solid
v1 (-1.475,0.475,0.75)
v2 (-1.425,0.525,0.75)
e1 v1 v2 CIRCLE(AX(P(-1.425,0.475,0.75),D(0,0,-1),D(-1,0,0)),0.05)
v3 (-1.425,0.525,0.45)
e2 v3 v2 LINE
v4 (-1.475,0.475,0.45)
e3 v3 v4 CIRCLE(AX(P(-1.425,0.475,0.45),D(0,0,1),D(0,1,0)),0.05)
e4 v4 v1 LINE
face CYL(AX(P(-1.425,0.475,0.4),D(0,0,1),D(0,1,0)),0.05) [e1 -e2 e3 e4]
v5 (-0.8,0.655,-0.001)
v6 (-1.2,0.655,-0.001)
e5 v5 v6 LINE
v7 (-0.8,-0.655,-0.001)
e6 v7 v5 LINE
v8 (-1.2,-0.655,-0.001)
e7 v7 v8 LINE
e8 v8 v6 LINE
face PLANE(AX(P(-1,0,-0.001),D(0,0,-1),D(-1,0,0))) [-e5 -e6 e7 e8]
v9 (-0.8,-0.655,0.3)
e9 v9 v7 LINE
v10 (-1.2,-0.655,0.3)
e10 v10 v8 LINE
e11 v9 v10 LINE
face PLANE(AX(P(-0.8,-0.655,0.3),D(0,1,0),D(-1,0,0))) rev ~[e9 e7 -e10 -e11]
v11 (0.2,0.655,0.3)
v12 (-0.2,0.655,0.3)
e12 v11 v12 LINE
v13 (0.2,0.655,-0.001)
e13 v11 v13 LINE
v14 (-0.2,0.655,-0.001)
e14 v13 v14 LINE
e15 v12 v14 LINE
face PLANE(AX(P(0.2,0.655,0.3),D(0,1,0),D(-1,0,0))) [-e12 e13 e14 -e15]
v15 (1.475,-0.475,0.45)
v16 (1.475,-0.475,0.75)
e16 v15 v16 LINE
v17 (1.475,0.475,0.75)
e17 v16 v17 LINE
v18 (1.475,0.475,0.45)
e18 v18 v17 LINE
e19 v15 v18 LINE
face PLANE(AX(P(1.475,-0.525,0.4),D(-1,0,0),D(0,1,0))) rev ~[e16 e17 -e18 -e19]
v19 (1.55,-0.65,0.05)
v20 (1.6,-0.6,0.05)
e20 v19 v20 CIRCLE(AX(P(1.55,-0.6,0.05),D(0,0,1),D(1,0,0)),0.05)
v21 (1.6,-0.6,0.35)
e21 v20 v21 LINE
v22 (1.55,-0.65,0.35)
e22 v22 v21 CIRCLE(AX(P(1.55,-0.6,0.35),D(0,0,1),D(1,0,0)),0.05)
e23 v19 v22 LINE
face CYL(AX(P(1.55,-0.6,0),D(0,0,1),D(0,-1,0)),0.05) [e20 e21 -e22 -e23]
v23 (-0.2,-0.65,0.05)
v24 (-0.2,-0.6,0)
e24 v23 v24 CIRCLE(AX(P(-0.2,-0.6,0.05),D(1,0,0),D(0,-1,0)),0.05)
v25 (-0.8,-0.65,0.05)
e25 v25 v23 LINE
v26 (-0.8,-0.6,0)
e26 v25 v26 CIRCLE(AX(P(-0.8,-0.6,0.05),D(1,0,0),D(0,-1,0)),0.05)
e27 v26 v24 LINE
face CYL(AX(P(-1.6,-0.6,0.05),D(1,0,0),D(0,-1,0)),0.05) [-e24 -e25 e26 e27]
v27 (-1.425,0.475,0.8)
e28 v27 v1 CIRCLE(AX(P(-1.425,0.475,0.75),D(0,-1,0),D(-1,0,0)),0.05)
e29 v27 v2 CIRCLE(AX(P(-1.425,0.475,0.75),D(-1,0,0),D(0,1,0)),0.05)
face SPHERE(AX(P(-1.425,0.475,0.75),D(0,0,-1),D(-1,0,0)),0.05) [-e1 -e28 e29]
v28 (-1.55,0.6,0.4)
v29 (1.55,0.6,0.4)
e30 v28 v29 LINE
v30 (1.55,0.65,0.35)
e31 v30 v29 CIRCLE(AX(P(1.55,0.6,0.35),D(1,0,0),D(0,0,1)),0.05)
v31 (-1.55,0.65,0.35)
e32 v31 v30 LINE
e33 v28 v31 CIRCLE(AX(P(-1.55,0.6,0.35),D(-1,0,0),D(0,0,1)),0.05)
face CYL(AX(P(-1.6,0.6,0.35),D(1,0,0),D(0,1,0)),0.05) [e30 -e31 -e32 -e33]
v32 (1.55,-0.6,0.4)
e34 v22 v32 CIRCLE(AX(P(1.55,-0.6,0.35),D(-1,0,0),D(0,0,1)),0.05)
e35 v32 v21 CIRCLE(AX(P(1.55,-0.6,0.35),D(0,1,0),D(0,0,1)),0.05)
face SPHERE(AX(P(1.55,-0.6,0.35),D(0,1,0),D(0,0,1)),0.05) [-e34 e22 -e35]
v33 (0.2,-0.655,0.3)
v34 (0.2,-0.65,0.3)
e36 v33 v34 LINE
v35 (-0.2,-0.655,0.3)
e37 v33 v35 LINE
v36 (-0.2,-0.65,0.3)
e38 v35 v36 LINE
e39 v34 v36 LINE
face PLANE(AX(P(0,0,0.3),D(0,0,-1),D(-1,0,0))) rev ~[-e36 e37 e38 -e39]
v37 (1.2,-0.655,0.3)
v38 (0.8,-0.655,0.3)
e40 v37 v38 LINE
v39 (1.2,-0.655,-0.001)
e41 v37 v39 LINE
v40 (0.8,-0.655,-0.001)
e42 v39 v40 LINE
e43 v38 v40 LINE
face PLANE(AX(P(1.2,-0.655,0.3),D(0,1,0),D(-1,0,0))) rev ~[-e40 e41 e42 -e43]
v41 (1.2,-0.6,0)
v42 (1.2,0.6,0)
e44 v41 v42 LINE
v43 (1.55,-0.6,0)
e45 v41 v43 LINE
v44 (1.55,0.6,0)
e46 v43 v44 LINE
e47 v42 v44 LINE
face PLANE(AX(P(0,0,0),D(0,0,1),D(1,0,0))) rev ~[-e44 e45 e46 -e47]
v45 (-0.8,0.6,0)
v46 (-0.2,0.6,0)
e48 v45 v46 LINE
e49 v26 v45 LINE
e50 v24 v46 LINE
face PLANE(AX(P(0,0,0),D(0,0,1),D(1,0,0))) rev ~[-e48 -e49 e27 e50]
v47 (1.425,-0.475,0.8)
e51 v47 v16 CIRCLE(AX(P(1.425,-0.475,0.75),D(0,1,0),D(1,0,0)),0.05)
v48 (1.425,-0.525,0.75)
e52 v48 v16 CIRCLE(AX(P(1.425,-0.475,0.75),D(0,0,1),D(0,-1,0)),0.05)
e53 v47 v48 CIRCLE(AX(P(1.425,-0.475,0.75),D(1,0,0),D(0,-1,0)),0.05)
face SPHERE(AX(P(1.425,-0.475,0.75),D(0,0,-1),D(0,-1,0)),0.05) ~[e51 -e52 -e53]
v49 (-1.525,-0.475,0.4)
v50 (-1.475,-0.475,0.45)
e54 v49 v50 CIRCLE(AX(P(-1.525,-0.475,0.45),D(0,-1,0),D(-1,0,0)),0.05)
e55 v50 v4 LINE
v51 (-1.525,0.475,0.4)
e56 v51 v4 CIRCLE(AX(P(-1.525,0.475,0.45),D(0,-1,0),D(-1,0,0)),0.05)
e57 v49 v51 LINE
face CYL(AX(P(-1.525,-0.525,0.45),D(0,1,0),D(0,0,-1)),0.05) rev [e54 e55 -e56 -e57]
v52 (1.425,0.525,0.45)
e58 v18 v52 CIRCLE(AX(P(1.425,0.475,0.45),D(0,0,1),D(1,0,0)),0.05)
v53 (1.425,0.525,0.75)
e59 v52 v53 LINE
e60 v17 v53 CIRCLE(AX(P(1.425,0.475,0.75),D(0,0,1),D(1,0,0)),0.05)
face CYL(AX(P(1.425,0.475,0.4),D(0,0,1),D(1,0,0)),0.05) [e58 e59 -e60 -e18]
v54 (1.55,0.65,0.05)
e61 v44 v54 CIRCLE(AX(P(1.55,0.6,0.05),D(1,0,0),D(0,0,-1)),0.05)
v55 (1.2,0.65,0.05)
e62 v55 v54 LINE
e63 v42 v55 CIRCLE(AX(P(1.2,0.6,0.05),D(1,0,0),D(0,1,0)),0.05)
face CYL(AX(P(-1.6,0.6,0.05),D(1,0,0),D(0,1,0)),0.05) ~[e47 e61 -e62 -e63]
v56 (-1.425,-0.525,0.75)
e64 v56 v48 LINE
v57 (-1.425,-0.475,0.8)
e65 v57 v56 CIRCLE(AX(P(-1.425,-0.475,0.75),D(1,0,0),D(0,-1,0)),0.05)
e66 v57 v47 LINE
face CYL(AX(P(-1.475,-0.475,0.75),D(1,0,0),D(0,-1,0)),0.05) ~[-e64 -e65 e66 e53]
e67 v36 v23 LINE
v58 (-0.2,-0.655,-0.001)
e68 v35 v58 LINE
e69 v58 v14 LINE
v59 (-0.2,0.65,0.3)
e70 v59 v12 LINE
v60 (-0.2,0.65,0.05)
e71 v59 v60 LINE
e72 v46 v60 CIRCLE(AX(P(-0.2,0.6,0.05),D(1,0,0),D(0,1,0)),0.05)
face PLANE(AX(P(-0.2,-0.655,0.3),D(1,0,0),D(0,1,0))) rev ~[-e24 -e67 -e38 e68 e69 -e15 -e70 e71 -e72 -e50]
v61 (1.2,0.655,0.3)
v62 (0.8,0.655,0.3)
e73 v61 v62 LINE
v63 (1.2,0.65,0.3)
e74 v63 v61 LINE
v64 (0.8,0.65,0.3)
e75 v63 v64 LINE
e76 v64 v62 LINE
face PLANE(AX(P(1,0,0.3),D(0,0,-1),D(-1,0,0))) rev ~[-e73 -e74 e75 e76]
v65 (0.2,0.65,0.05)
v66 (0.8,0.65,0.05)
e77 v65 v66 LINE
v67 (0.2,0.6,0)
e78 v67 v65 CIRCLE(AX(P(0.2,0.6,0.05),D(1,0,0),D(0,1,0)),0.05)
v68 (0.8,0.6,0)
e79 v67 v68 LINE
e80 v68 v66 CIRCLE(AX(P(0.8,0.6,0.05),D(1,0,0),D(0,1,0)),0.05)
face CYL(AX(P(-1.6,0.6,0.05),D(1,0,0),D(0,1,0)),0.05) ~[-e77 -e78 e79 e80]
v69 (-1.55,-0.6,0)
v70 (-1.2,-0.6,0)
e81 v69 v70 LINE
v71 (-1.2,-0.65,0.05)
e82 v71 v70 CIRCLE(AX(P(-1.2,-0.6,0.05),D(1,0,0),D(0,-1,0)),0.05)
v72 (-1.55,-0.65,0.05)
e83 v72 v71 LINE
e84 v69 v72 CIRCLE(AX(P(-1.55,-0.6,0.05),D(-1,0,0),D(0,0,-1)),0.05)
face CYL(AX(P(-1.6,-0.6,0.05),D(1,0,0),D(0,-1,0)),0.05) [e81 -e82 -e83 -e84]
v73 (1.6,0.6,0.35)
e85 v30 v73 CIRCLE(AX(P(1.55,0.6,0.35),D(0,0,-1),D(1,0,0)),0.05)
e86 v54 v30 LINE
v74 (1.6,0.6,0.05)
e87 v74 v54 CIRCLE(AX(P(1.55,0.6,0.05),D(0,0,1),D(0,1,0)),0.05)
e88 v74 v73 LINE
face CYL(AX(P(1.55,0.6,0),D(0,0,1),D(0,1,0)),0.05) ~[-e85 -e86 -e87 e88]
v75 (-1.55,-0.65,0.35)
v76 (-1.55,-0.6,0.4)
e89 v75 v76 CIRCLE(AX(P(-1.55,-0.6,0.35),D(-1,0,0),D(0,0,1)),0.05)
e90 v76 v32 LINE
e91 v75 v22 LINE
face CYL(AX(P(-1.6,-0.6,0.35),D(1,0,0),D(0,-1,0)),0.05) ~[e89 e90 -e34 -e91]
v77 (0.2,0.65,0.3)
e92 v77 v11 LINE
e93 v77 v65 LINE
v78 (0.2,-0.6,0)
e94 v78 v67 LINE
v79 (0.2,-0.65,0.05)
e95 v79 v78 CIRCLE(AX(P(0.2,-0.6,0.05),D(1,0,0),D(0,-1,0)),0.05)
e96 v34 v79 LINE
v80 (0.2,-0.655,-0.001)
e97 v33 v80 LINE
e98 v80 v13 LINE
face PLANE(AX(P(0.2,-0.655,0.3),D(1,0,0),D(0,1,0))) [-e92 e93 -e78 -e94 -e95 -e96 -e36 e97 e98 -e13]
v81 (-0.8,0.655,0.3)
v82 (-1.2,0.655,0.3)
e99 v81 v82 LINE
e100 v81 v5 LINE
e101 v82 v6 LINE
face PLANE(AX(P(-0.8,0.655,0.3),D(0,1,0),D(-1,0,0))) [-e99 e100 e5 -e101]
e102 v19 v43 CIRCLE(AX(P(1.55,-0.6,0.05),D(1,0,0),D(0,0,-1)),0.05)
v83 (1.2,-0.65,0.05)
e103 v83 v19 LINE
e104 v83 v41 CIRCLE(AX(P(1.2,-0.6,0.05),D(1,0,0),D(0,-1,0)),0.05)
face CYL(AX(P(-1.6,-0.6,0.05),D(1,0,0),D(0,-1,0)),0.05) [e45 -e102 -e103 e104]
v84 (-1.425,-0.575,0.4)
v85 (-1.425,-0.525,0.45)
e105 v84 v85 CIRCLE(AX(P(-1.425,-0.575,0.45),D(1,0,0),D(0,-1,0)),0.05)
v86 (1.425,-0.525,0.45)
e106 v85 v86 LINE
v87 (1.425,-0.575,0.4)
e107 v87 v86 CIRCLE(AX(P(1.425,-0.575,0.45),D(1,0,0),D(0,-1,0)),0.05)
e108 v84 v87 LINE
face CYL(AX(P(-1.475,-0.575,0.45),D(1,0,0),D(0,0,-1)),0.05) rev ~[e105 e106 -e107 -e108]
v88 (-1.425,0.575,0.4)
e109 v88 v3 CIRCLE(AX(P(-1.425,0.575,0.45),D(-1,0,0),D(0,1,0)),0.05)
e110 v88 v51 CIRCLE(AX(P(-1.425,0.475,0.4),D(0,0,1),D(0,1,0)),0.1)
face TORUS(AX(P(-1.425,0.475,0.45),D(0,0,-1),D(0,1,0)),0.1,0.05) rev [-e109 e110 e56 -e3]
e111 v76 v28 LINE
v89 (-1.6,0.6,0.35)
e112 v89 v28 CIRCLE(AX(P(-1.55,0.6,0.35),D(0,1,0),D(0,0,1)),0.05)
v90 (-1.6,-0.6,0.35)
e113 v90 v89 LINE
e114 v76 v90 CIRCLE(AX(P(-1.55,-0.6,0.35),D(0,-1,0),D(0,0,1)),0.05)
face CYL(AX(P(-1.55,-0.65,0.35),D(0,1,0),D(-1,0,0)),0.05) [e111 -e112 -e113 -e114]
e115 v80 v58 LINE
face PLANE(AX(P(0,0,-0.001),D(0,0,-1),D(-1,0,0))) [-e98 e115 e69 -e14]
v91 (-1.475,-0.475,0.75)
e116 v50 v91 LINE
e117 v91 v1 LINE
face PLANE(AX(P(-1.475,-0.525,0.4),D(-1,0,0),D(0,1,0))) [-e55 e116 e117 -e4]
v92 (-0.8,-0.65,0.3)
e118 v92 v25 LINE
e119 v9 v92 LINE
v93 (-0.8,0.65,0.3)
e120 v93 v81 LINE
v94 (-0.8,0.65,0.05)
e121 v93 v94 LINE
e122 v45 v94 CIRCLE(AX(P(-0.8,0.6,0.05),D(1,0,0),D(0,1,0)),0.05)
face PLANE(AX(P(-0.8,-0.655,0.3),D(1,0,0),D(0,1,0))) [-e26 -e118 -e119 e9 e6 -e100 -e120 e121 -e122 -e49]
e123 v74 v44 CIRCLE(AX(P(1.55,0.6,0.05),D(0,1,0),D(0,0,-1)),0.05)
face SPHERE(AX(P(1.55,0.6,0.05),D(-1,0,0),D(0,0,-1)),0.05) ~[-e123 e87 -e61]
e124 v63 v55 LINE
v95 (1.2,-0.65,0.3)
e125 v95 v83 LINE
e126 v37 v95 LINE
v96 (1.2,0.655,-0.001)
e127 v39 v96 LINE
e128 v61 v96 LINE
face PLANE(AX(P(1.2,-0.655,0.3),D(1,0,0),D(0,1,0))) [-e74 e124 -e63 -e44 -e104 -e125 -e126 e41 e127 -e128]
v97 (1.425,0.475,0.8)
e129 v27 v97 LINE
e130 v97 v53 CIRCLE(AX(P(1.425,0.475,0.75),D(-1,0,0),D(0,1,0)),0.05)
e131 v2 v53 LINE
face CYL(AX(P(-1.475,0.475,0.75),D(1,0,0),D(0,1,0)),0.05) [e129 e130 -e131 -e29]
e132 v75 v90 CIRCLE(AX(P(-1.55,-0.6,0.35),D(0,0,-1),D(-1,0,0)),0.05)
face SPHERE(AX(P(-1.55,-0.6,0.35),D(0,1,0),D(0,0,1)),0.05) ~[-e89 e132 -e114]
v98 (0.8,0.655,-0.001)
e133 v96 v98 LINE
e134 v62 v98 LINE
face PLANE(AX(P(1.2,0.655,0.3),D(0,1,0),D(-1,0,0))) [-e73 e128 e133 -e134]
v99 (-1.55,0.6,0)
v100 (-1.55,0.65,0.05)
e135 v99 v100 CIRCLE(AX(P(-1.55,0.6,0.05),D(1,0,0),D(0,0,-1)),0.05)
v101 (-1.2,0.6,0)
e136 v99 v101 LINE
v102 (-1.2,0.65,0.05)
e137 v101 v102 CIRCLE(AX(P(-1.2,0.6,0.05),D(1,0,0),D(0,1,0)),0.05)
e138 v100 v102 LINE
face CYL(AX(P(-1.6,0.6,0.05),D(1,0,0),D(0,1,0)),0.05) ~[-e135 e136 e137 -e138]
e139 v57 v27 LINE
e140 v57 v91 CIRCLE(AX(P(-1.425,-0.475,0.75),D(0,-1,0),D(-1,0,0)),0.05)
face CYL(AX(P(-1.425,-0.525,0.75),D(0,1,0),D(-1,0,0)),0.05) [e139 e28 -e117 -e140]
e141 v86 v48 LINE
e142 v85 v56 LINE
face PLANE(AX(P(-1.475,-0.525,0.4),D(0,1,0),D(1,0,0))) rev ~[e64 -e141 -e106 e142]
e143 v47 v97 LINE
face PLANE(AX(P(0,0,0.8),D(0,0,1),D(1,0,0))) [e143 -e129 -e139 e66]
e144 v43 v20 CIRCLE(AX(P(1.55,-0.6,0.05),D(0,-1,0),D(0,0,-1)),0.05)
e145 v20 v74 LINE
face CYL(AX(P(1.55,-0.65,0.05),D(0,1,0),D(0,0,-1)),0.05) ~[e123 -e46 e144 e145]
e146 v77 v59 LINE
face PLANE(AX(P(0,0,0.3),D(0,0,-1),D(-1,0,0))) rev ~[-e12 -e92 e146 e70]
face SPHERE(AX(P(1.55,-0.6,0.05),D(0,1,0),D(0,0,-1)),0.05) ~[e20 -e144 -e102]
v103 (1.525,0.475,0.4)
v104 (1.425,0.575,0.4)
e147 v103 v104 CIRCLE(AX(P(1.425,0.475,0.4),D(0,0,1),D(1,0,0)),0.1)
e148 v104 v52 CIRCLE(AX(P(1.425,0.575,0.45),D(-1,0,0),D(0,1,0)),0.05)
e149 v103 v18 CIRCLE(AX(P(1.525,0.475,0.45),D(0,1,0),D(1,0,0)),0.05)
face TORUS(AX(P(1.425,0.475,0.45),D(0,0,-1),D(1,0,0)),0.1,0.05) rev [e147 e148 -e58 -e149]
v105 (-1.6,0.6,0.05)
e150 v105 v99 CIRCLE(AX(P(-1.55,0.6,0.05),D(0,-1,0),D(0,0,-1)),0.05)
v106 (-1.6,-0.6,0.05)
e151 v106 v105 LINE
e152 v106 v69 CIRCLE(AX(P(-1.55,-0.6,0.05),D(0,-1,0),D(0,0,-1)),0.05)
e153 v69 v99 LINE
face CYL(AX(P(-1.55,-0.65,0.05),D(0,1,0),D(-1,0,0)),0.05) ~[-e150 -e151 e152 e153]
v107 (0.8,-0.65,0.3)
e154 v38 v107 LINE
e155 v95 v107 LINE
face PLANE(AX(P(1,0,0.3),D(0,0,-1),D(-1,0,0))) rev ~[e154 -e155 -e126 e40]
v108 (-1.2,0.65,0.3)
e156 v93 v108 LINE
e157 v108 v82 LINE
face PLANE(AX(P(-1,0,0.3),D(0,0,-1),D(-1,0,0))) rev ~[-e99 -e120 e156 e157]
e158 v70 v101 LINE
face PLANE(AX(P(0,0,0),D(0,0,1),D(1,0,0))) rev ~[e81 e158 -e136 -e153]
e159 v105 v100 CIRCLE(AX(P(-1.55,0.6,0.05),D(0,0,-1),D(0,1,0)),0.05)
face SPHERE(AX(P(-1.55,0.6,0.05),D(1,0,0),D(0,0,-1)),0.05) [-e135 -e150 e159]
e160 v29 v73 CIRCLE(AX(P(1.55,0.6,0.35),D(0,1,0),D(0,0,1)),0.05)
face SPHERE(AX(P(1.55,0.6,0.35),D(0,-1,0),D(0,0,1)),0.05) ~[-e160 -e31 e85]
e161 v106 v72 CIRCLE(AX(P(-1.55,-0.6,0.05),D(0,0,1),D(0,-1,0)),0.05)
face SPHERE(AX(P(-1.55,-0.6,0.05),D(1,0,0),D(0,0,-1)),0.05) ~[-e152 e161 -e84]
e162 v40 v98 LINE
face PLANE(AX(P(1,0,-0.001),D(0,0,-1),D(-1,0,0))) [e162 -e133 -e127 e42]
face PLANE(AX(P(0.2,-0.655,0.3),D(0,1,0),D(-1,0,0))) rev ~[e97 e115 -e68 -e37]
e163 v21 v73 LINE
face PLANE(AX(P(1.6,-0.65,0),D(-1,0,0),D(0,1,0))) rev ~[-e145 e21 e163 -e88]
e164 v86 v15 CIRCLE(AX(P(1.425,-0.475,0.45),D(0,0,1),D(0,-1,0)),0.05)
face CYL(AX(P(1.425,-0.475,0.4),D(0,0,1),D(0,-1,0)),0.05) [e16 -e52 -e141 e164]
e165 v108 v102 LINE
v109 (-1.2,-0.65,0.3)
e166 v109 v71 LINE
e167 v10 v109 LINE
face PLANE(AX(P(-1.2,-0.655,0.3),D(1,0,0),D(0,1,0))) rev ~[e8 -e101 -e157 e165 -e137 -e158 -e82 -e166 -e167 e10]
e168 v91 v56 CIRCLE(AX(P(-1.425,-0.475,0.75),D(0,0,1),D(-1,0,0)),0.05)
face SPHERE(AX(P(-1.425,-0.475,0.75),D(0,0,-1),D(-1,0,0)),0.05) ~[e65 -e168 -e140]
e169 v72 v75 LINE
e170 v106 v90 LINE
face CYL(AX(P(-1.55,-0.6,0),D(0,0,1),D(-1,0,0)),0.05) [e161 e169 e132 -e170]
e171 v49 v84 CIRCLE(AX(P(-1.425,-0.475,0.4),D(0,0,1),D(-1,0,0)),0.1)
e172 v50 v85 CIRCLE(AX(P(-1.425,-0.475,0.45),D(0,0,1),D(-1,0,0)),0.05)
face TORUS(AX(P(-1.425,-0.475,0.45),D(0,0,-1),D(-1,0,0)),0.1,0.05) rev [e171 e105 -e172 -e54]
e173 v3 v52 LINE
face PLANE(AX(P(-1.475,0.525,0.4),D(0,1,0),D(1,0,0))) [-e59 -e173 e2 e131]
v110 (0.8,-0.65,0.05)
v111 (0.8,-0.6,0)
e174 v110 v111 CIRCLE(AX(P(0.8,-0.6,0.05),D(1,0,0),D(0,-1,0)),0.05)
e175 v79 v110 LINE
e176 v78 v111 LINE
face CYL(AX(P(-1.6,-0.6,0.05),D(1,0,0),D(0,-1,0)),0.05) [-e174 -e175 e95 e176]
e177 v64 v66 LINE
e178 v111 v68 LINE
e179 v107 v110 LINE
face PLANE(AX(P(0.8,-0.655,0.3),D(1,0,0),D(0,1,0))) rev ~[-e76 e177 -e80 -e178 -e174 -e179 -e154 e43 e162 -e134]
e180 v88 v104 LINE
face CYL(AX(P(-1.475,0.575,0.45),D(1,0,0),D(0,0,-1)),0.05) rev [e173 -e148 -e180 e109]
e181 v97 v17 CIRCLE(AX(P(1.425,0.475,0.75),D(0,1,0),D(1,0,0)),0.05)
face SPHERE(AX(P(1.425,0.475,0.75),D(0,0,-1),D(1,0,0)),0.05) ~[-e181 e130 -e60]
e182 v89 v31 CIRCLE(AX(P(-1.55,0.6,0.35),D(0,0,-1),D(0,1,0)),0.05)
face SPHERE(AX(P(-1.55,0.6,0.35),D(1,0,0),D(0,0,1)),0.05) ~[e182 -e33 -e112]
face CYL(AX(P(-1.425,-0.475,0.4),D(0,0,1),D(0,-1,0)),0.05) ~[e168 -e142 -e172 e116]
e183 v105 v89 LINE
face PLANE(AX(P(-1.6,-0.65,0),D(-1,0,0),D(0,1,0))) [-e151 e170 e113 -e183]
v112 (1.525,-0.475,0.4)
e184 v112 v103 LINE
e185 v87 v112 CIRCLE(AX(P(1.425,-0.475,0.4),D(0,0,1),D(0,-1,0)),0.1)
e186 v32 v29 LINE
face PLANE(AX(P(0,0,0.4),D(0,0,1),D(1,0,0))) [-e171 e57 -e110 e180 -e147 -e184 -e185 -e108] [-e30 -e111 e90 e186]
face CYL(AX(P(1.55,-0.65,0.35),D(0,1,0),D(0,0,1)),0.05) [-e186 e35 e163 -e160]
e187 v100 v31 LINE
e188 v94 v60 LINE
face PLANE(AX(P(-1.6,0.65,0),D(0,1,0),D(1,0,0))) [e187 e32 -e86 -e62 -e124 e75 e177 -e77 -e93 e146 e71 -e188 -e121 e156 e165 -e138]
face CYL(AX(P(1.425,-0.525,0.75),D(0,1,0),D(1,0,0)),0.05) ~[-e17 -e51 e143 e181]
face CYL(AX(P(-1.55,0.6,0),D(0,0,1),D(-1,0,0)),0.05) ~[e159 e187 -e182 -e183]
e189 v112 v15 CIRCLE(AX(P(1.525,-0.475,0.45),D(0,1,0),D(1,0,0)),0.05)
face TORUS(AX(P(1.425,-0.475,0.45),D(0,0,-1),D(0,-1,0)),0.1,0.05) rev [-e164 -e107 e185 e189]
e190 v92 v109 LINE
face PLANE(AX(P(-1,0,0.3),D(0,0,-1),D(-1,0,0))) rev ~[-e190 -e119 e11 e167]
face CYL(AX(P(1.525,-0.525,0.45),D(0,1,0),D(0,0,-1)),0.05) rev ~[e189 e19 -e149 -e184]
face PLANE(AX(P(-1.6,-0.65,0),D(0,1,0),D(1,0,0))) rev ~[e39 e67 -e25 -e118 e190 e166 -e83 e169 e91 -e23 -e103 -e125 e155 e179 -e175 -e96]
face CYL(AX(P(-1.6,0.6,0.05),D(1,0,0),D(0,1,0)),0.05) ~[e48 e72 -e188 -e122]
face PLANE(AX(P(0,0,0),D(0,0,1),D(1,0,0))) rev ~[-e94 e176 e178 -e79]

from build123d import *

# Parameters (mm, degrees)
SKETCH1_W                = 3.2
SKETCH1_H                = 1.3
BOSS_EXTRUDE1_DEPTH      = 0.4
SKETCH2_W                = 2.95
SKETCH2_H                = 1.05
BOSS_EXTRUDE2_DEPTH      = 0.4
FILLET1_R                = 0.05
BOSS_EXTRUDE3_DEPTH      = 0.001
BOSS_EXTRUDE3_DEPTH_BACK = 0.3
SKETCH3_W                = 0.4
SKETCH3_H                = 1.31


with BuildPart() as part:
    # Sketch1 → Boss-Extrude1 (new body)
    with BuildSketch(Plane.XY):
        Rectangle(SKETCH1_W, SKETCH1_H)
    extrude(amount=BOSS_EXTRUDE1_DEPTH)

    # Sketch2 → Boss-Extrude2 (add)
    with BuildSketch(Plane.XY.offset(0.4)):
        Rectangle(SKETCH2_W, SKETCH2_H)
    extrude(amount=BOSS_EXTRUDE2_DEPTH)

    # Fillet1
    fillet1_edges = [part.edges().sort_by_distance(p)[0] for p in [
        (1.6, 0, 0.4),
        (0, 0.65, 0.4),
        (-1.475, 0, 0.4),
        (-1.475, 0.525, 0.6),
        (0, -0.525, 0.4),
        (-1.475, -0.525, 0.6),
        (1.475, 0, 0.4),
        (1.475, -0.525, 0.6),
        (0, 0.525, 0.4),
        (1.475, 0.525, 0.6),
        (-1.475, 0, 0.8),
        (0, -0.525, 0.8),
        (1.475, 0, 0.8),
        (0, 0.525, 0.8),
        (-1.6, 0, 0.4),
        (0, 0.65, 0),
        (1.6, 0, 0),
        (0, -0.65, 0),
        (-1.6, 0, 0),
        (0, -0.65, 0.4),
        (-1.6, 0.65, 0.2),
        (1.6, 0.65, 0.2),
        (1.6, -0.65, 0.2),
        (-1.6, -0.65, 0.2),
    ]]
    fillet(fillet1_edges, radius=FILLET1_R)

    # Sketch3 → Boss-Extrude3 (add, two sides: drawn at the far end of the back side and taken through both)
    with BuildSketch(Plane(origin=(0, 0, 0), x_dir=(-1, 0, 0), z_dir=(0, 0, -1)).offset(-BOSS_EXTRUDE3_DEPTH_BACK)):
        with Locations((1, 0)):
            Rectangle(SKETCH3_W, SKETCH3_H)
        Rectangle(SKETCH3_W, SKETCH3_H)
        with Locations((-1, 0)):
            Rectangle(SKETCH3_W, SKETCH3_H)
    extrude(amount=BOSS_EXTRUDE3_DEPTH + BOSS_EXTRUDE3_DEPTH_BACK)


solid = part.part
